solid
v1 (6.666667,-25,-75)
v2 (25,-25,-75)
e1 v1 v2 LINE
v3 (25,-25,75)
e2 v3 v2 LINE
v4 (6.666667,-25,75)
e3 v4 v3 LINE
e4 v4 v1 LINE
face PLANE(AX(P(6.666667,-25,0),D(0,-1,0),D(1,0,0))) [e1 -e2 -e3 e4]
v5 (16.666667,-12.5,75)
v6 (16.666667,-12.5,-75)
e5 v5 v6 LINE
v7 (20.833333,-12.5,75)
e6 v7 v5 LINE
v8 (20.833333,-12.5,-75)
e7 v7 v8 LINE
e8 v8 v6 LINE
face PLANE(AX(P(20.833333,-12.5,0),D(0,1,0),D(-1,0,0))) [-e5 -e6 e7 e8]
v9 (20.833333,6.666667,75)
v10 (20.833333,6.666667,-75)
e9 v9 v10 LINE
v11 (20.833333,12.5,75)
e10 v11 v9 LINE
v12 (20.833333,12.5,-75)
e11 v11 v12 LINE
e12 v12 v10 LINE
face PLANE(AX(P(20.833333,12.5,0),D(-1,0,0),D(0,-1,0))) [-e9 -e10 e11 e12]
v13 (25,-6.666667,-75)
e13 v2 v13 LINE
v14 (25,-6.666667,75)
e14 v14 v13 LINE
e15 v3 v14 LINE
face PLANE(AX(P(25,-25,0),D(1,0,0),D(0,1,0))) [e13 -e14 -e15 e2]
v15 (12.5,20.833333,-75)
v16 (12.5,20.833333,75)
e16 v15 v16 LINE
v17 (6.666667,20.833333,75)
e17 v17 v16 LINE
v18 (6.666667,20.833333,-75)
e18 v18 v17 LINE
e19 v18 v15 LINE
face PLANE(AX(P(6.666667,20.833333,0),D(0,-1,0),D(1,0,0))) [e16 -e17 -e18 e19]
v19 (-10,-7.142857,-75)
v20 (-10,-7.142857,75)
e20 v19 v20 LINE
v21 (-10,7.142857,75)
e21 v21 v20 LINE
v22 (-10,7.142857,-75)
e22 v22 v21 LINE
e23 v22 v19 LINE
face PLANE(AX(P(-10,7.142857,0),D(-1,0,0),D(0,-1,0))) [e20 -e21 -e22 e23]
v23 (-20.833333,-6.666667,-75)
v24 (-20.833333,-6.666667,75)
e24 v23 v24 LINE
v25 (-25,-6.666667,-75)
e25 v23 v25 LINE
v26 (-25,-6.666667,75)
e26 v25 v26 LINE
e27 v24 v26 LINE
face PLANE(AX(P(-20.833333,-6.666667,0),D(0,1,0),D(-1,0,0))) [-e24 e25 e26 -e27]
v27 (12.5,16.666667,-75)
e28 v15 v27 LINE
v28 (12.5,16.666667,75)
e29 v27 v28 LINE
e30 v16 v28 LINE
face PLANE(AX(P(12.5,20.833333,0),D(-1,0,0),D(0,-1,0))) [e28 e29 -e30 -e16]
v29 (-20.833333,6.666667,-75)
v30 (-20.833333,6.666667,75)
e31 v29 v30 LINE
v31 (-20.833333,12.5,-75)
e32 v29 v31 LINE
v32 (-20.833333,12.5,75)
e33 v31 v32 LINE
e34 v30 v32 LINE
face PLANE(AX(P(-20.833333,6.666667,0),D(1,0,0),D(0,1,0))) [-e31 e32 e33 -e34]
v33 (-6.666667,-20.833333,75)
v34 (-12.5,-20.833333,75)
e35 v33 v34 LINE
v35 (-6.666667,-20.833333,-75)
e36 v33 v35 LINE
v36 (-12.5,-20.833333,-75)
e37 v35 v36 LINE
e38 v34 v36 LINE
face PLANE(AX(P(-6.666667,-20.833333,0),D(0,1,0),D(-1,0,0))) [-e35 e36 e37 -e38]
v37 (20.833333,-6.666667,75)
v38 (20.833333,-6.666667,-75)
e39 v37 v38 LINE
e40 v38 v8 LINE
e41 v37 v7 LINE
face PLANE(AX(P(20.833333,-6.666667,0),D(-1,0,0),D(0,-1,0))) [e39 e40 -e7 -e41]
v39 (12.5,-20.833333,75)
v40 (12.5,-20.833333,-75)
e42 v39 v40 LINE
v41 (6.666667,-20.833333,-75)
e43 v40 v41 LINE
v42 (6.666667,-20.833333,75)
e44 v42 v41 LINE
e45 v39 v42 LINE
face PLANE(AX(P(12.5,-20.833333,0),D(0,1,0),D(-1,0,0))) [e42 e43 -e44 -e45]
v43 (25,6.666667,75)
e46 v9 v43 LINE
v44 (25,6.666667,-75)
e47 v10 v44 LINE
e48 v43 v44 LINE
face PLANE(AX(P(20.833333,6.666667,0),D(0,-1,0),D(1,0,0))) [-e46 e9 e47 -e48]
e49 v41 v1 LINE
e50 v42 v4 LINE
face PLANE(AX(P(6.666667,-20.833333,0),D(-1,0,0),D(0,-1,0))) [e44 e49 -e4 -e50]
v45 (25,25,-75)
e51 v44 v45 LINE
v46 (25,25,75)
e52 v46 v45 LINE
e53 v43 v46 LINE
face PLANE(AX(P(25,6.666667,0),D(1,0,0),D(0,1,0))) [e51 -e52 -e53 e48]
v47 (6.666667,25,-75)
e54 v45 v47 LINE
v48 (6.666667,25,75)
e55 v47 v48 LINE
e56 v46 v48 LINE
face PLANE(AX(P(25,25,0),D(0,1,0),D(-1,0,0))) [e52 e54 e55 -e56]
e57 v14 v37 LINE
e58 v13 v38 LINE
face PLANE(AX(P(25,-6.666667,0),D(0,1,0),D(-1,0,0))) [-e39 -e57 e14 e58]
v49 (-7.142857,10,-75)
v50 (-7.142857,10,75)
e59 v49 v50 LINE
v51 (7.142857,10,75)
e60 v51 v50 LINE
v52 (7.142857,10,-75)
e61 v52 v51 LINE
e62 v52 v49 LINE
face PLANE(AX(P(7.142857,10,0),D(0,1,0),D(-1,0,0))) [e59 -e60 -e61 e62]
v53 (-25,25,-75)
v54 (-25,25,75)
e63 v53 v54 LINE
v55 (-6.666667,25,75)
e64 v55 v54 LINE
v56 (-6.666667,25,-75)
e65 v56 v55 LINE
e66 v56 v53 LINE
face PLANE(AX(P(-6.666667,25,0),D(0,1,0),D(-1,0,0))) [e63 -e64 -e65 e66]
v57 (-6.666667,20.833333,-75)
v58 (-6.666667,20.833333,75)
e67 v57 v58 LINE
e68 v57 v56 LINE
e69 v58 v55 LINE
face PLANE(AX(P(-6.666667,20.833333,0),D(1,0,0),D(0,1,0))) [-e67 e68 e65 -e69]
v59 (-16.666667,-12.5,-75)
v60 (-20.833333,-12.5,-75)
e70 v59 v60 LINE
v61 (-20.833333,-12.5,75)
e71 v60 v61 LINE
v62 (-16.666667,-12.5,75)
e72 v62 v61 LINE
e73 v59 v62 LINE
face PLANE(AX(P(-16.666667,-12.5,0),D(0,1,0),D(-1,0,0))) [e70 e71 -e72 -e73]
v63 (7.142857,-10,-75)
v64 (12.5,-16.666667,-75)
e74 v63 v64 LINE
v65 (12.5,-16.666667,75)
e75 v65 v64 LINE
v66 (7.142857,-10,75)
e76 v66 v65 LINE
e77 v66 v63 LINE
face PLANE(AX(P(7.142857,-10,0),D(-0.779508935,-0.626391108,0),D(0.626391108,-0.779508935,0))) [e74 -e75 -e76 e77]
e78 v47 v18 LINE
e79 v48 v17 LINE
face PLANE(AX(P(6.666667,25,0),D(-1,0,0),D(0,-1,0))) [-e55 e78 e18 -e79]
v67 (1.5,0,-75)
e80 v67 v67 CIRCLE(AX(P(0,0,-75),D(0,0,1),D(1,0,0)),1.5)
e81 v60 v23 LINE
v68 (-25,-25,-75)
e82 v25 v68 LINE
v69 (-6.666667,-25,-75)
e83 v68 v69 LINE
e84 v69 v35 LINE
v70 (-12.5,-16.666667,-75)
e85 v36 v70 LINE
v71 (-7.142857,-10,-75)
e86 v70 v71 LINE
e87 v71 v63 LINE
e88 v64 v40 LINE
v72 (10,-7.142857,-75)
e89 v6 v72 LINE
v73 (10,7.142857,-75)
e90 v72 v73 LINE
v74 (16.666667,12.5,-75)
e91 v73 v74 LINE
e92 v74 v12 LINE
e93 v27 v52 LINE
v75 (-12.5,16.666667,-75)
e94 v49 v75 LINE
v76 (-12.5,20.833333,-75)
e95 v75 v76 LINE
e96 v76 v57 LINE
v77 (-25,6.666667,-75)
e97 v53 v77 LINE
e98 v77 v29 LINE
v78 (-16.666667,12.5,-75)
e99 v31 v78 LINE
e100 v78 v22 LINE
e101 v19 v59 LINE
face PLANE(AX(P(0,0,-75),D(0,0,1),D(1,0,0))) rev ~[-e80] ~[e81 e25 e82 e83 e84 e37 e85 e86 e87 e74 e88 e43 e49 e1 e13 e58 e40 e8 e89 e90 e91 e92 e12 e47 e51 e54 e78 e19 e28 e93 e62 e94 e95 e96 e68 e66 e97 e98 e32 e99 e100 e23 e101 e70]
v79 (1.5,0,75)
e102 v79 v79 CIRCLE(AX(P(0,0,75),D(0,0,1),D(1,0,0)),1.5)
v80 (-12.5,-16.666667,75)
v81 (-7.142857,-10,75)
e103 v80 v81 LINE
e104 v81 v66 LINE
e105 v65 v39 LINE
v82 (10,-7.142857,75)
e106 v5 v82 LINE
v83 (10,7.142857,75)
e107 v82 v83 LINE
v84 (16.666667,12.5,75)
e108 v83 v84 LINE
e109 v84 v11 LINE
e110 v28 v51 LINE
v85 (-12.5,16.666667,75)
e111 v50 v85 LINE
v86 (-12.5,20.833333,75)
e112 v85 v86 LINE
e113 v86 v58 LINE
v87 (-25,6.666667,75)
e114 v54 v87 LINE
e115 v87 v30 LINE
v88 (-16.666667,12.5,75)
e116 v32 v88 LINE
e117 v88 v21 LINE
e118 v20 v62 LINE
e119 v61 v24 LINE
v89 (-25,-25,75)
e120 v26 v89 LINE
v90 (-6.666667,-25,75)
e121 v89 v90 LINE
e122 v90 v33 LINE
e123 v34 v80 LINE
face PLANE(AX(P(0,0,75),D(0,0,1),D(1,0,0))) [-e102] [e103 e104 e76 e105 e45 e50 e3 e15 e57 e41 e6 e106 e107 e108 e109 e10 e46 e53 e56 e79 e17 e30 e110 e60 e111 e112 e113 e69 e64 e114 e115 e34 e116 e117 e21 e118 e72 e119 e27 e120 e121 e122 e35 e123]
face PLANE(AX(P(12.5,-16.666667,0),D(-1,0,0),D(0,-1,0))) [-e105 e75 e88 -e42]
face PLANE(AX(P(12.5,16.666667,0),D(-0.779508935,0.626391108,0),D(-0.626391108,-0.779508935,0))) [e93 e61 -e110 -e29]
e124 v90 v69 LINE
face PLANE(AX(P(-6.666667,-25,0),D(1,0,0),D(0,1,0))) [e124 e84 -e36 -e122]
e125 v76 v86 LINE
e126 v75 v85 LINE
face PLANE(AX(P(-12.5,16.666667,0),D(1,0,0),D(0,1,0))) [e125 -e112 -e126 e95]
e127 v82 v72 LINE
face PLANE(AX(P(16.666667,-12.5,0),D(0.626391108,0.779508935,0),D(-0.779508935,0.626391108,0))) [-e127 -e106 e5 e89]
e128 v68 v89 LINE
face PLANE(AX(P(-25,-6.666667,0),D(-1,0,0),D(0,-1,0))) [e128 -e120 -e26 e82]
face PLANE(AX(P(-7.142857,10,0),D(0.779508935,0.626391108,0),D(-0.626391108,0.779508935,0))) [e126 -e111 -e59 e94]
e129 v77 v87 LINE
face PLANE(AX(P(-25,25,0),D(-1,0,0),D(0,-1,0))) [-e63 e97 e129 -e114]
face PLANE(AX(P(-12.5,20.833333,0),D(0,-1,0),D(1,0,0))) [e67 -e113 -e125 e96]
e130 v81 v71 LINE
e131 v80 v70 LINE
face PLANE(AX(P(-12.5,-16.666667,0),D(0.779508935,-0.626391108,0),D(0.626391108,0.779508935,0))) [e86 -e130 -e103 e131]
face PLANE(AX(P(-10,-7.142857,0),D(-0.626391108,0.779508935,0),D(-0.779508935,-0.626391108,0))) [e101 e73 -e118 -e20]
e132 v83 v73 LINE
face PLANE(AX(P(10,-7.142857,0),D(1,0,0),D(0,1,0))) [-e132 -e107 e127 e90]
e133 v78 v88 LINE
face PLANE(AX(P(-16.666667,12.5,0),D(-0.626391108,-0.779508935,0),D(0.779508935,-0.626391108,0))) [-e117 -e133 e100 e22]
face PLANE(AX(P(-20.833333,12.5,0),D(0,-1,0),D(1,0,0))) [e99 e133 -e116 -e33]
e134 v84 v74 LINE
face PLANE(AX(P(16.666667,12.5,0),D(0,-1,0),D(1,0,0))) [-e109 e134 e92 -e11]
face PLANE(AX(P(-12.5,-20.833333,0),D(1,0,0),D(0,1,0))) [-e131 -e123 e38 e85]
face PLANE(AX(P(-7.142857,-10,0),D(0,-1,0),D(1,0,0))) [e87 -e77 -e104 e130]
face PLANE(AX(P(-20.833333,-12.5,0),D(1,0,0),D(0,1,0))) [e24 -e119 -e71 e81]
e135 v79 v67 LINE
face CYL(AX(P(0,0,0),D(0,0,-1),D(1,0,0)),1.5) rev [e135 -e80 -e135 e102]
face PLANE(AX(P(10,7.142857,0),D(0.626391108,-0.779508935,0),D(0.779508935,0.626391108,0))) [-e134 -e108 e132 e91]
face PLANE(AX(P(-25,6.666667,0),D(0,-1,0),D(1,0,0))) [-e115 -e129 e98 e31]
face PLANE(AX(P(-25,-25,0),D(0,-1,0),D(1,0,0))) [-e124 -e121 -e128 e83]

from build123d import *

# Parameters (mm, degrees)
SKETCH1_R           = 1.5
BOSS_EXTRUDE1_DEPTH = 75


with BuildPart() as part:
    # Sketch1 → Boss-Extrude1 (new, symmetric)
    with BuildSketch(Plane.XY):
        Polygon((25, 25), (6.666666667, 25), (6.666666667, 20.833333333), (12.5, 20.833333333), (12.5, 16.666666667), (7.142857143, 10), (-7.142857143, 10), (-12.5, 16.666666667), (-12.5, 20.833333333), (-6.666666667, 20.833333333), (-6.666666667, 25), (-25, 25), (-25, 6.666666667), (-20.833333333, 6.666666667), (-20.833333333, 12.5), (-16.666666667, 12.5), (-10, 7.142857143), (-10, -7.142857143), (-16.666666667, -12.5), (-20.833333333, -12.5), (-20.833333333, -6.666666667), (-25, -6.666666667), (-25, -25), (-6.666666667, -25), (-6.666666667, -20.833333333), (-12.5, -20.833333333), (-12.5, -16.666666667), (-7.142857143, -10), (7.142857143, -10), (12.5, -16.666666667), (12.5, -20.833333333), (6.666666667, -20.833333333), (6.666666667, -25), (25, -25), (25, -6.666666667), (20.833333333, -6.666666667), (20.833333333, -12.5), (16.666666667, -12.5), (10, -7.142857143), (10, 7.142857143), (16.666666667, 12.5), (20.833333333, 12.5), (20.833333333, 6.666666667), (25, 6.666666667), align=None)
        Circle(SKETCH1_R, mode=Mode.SUBTRACT)
    extrude(amount=BOSS_EXTRUDE1_DEPTH, both=True)


solid = part.part
